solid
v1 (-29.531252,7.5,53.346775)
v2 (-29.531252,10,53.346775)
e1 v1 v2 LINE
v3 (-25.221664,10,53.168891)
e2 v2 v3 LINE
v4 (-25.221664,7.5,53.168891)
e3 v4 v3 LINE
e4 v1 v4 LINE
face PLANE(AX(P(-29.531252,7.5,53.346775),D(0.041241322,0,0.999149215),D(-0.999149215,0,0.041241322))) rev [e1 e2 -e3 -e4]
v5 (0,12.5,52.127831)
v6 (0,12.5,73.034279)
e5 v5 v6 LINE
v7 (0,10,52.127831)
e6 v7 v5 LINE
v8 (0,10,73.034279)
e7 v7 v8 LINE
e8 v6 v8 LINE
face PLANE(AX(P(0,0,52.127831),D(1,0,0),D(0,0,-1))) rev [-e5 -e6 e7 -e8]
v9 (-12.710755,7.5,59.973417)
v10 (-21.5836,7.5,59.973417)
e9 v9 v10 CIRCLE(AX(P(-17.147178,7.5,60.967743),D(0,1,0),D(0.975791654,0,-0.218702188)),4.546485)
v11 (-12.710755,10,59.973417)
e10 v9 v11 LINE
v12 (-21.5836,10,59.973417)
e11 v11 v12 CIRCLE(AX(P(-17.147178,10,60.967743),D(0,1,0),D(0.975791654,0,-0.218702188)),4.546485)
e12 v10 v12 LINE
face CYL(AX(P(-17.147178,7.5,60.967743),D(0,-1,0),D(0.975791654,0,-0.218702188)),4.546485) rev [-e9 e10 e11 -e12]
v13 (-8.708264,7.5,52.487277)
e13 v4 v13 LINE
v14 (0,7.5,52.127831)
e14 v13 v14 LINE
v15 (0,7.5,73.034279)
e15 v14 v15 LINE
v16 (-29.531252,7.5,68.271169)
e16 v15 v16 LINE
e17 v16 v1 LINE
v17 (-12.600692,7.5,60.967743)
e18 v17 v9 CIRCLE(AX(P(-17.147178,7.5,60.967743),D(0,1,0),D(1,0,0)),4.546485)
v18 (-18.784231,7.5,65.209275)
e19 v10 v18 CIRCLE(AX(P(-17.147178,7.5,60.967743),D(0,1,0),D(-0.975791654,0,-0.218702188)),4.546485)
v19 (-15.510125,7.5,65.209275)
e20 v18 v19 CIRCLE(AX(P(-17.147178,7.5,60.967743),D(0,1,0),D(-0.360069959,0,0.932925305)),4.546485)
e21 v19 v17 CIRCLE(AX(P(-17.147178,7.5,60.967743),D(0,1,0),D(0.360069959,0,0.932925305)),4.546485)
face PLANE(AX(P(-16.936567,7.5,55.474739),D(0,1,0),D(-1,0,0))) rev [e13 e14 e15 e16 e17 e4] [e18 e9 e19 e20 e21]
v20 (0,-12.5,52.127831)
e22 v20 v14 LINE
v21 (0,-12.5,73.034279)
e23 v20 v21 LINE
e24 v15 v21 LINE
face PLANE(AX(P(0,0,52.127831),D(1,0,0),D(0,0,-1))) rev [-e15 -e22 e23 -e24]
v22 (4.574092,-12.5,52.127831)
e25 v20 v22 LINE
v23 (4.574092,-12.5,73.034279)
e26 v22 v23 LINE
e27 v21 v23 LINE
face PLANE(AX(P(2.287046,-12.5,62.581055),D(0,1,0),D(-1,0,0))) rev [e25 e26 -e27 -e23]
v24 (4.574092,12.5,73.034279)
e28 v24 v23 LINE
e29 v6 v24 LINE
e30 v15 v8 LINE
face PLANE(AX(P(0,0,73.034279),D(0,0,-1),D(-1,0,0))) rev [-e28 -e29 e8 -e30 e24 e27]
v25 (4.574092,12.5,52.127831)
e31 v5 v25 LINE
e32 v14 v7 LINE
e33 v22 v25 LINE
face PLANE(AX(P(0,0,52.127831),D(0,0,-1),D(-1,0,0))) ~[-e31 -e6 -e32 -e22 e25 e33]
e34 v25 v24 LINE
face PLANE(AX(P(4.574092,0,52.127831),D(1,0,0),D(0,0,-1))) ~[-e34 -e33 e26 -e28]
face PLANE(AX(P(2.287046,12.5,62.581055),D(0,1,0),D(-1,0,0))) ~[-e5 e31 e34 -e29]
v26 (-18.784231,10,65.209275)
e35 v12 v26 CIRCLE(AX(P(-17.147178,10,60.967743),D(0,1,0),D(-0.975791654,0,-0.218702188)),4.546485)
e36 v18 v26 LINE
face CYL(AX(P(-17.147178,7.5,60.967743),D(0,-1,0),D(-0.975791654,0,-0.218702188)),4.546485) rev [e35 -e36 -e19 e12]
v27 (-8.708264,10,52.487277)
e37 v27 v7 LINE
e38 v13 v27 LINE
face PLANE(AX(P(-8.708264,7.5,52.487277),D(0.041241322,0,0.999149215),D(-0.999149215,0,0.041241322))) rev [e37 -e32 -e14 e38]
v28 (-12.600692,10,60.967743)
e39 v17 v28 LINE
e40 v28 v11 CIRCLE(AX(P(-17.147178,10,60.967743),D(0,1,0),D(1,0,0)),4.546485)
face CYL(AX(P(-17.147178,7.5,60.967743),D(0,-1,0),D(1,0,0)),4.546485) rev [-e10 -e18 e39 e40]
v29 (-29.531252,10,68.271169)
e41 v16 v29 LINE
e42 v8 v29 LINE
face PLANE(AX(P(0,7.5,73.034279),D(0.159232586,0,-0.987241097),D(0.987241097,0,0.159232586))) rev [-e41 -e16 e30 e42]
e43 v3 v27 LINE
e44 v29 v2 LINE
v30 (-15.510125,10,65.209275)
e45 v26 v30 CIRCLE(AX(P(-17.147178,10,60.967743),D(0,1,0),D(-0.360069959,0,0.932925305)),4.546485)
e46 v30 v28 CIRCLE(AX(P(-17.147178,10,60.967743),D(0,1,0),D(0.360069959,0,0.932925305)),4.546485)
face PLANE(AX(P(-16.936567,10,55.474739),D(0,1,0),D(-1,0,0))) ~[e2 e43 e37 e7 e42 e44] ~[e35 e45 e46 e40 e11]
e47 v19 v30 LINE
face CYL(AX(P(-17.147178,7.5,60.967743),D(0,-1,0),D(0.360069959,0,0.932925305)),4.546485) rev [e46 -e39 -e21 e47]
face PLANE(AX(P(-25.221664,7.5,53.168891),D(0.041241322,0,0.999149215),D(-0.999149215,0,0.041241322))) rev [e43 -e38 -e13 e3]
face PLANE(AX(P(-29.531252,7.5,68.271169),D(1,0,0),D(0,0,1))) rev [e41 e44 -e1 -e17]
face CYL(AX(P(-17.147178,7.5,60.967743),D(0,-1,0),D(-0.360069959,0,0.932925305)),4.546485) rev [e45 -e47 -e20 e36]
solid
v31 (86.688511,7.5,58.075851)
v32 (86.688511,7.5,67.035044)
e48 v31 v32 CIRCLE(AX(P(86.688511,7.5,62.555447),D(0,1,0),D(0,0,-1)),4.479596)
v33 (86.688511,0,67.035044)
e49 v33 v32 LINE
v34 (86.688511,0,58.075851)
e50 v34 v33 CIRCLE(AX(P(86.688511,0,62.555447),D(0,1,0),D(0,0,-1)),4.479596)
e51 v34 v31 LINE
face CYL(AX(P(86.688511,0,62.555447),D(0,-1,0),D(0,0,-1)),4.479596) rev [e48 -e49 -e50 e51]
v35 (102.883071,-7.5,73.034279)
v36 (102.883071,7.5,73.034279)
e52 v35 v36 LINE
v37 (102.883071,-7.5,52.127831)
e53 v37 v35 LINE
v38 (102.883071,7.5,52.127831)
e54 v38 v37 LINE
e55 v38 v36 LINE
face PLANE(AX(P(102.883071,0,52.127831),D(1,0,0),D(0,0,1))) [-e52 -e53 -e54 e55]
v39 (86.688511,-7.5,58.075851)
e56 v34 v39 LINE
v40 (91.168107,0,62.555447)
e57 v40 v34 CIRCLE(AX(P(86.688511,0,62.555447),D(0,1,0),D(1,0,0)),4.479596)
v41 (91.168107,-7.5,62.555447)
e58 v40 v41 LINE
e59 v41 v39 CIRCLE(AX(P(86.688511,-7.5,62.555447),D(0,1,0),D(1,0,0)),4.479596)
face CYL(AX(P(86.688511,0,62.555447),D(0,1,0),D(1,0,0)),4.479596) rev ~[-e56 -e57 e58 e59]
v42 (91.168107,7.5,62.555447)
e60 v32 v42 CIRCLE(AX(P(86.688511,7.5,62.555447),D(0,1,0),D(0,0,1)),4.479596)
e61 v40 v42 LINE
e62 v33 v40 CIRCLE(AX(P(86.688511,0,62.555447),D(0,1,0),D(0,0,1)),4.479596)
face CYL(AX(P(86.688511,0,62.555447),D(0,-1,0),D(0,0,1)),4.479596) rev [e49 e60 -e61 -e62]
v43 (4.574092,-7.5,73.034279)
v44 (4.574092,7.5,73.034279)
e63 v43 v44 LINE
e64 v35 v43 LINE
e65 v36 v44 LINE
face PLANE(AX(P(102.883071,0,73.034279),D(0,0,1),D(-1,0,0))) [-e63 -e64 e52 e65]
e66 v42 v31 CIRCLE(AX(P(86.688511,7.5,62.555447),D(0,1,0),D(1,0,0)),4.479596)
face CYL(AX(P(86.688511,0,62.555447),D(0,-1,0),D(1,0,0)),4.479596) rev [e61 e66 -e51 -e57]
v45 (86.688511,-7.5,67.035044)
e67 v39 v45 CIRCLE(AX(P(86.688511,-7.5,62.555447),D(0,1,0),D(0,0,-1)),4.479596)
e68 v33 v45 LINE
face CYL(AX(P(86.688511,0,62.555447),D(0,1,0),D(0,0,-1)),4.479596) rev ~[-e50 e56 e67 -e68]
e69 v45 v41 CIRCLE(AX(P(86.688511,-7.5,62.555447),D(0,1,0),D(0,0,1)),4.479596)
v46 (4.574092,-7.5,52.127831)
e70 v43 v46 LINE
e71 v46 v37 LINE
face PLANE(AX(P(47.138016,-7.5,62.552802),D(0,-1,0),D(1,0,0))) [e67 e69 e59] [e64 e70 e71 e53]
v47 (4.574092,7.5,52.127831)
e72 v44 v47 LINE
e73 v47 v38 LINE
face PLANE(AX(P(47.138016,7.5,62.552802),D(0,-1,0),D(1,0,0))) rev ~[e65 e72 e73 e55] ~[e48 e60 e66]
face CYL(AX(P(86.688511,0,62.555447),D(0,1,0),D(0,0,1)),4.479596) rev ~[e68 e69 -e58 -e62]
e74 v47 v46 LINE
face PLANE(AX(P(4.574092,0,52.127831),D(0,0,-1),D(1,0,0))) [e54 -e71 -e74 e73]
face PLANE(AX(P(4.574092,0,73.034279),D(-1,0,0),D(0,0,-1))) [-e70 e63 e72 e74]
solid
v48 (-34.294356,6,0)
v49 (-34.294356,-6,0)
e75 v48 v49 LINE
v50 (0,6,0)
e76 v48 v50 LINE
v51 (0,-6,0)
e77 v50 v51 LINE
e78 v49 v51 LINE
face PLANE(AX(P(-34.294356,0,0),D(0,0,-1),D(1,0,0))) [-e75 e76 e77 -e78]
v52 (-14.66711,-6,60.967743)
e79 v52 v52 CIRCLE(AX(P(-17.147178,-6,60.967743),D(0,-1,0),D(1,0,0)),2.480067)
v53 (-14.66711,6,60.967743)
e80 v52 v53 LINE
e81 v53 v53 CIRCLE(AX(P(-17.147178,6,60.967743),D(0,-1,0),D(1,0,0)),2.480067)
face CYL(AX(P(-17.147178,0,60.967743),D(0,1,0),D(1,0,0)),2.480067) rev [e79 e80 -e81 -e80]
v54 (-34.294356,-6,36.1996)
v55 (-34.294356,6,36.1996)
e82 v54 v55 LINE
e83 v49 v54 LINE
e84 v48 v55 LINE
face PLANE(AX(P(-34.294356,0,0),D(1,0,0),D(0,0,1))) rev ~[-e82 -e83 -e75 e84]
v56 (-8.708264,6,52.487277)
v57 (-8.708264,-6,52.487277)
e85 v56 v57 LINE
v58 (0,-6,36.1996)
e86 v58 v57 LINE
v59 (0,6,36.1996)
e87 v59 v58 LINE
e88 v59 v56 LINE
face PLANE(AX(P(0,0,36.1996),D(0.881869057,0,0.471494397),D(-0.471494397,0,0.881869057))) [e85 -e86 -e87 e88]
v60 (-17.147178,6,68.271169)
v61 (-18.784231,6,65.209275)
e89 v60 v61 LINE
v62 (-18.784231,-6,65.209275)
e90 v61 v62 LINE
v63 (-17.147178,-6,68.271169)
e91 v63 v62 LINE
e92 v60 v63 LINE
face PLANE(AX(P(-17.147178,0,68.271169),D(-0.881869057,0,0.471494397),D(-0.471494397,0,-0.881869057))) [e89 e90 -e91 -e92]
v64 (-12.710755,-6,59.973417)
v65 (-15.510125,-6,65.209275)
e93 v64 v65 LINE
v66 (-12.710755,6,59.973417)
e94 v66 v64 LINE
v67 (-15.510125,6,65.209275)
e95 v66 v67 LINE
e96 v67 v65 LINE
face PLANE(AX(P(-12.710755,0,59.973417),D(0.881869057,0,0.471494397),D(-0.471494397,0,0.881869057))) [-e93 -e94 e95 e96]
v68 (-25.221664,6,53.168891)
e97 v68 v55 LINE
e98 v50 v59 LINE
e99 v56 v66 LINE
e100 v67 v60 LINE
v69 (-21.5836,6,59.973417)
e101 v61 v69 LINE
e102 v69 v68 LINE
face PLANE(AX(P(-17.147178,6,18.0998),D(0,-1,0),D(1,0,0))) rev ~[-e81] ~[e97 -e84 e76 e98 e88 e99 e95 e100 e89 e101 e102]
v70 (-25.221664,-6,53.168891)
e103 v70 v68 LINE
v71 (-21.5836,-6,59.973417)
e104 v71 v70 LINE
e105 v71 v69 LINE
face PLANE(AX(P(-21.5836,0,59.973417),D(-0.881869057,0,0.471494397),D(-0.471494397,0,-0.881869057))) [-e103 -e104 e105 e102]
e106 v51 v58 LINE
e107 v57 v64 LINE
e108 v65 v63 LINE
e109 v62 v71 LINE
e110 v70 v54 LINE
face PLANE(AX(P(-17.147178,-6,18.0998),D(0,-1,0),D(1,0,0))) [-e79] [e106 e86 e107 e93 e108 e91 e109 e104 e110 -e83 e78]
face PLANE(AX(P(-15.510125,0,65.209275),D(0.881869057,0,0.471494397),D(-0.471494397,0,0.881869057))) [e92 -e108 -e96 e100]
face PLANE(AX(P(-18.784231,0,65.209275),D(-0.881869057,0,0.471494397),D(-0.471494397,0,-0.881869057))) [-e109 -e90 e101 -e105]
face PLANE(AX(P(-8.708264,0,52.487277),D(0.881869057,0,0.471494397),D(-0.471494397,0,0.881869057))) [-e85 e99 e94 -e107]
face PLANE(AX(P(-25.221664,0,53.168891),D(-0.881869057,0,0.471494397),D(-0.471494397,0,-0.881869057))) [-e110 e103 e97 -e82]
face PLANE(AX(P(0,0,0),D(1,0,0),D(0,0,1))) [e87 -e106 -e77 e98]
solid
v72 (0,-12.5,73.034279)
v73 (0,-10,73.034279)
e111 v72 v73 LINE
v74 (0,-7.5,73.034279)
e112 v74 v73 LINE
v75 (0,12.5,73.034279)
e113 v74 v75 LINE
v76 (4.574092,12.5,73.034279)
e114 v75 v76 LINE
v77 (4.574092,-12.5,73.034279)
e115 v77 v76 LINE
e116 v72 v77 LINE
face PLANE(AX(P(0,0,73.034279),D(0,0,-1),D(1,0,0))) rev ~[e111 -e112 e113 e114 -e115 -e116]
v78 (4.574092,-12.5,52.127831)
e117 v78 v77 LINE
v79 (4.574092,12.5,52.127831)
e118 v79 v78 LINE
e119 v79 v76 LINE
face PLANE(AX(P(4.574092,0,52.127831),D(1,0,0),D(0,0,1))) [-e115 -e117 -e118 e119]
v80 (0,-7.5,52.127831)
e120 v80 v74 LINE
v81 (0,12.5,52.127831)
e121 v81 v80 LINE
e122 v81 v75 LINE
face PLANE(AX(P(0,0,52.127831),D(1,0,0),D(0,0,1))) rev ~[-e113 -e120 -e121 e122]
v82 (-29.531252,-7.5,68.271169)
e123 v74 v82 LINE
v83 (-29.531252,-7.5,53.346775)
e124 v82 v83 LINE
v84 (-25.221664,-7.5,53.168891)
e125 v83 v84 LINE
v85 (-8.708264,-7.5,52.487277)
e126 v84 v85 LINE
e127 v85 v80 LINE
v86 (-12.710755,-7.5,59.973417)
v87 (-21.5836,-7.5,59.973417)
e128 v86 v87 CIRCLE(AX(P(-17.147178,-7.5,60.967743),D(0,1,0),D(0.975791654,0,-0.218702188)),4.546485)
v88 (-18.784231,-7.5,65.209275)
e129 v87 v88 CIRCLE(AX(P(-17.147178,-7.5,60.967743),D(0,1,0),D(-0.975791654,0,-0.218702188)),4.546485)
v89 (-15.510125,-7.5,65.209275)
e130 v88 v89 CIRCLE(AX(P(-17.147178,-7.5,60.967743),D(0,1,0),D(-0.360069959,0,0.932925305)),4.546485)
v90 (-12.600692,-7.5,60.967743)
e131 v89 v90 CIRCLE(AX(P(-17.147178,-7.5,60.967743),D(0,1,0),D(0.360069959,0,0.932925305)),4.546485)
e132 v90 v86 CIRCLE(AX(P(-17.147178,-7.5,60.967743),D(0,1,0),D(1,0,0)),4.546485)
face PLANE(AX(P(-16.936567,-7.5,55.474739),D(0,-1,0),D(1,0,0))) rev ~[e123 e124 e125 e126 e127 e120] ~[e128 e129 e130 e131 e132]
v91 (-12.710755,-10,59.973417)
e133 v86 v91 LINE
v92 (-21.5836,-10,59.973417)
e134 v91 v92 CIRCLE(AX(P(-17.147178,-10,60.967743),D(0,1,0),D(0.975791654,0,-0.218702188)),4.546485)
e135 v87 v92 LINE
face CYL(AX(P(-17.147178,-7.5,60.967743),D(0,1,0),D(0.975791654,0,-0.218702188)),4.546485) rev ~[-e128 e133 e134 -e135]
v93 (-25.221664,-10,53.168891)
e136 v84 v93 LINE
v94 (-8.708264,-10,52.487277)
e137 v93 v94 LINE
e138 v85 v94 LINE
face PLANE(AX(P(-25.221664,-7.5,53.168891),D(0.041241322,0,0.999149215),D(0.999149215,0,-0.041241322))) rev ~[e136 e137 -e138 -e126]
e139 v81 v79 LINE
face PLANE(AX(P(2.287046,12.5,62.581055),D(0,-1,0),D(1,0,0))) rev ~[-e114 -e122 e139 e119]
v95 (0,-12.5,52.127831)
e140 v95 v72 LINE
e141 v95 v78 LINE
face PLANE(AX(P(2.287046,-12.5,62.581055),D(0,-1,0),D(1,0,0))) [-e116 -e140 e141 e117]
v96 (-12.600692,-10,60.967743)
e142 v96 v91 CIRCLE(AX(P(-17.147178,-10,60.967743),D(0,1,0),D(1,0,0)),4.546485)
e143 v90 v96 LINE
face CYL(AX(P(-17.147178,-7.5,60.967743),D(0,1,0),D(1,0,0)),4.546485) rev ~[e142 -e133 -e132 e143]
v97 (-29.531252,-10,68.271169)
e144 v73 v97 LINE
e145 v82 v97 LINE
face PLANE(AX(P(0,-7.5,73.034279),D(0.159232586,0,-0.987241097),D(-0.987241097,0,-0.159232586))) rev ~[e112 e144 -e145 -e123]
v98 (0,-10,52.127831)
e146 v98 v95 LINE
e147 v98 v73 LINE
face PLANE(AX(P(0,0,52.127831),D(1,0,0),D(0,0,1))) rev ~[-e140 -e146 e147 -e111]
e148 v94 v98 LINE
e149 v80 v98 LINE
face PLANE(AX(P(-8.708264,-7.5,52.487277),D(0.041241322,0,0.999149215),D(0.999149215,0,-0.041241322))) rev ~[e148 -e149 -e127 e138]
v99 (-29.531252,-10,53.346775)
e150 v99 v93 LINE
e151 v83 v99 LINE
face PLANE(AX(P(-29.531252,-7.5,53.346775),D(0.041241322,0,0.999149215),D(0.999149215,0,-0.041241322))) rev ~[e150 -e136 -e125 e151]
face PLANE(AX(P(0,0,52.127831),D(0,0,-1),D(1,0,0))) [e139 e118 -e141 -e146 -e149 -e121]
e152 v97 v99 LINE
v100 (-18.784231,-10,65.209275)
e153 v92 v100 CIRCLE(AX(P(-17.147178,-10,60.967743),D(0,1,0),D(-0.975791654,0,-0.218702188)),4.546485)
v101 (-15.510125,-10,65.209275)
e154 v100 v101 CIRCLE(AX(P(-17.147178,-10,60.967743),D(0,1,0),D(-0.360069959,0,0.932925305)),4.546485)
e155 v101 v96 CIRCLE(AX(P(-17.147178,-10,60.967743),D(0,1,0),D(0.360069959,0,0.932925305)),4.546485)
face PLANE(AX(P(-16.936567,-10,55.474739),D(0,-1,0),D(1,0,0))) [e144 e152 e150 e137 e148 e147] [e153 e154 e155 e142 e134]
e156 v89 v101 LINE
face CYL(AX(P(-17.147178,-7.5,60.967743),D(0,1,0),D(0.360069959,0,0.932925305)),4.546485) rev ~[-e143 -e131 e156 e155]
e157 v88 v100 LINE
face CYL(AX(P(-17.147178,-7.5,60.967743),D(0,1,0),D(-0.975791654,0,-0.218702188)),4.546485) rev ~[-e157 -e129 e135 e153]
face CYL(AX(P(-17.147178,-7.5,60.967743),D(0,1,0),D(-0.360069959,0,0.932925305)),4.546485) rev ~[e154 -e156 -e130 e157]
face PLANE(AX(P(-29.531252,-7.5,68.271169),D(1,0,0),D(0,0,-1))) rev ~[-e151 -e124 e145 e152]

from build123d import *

# Parameters (mm, degrees)
F0_W     = 4.574092105
F0_H     = 20.906448481
F1_DEPTH = 12.5
F2_START = 7.5
F2_DEPTH = 2.5
F4_DEPTH = 7.5
F0_W_2   = 34.2943556607
F0_H_2   = 36.1995995045
F0_R     = 2.4800674326
F5_DEPTH = 6


with BuildPart() as f1:
    # F0 (on Front) → F1 (new body, symmetric)
    with BuildSketch(Plane.XZ):
        with Locations((2.2870460525, 62.5810548079)):
            Rectangle(F0_W, F0_H)
    extrude(amount=F1_DEPTH, both=True)

    # F0 (on Front) → F2 (join)
    with BuildSketch(Plane.XZ.offset(F2_START)):
        with BuildLine():
            Line((-25.2216641664, 53.168891048), (-8.7082639789, 52.4872766937))
            Line((-8.7082639789, 52.4872766937), (-12.7107553091, 59.9734170883))
            ThreePointArc((-12.7107553091, 59.9734170883), (-17.1471778303, 56.4212579855), (-21.5836003516, 59.9734170883))
            Line((-21.5836003516, 59.9734170883), (-25.2216641664, 53.168891048))
        make_face()
        with BuildLine():
            Line((-12.7107553091, 59.9734170883), (-8.7082639789, 52.4872766937))
            Line((-8.7082639789, 52.4872766937), (0, 52.1278305674))
            Line((0, 52.1278305674), (0, 73.0342790484))
            Line((0, 73.0342790484), (-29.5312516391, 68.271169439))
            Line((-29.5312516391, 68.271169439), (-29.5312516391, 53.3467754722))
            Line((-29.5312516391, 53.3467754722), (-25.2216641664, 53.168891048))
            Line((-25.2216641664, 53.168891048), (-21.5836003516, 59.9734170883))
            ThreePointArc((-21.5836003516, 59.9734170883), (-21.1565826315, 63.1113857959), (-18.7842306449, 65.2092746859))
            Line((-18.7842306449, 65.2092746859), (-17.1471778303, 68.271169439))
            Line((-17.1471778303, 68.271169439), (-15.5101250158, 65.2092746859))
            ThreePointArc((-15.5101250158, 65.2092746859), (-13.3979534883, 63.5394833579), (-12.6006924191, 60.9677433968))
            ThreePointArc((-12.6006924191, 60.9677433968), (-12.6282919131, 60.4675437748), (-12.7107553091, 59.9734170883))
        make_face()
        with BuildLine():
            ThreePointArc((-18.7842306449, 65.2092746859), (-17.1471778303, 65.514228808), (-15.5101250158, 65.2092746859))
            Line((-15.5101250158, 65.2092746859), (-17.1471778303, 68.271169439))
            Line((-17.1471778303, 68.271169439), (-18.7842306449, 65.2092746859))
        make_face()
    extrude(amount=F2_DEPTH)


with BuildPart() as f3_1:
    # F3: instance of F1
    add(f1.part.mirror(Plane.XZ))


with BuildPart() as f4:
    # F0 (on Front) → F4 (new body, symmetric)
    with BuildSketch(Plane.XZ):
        Polygon((4.574092105, 73.0342790484), (4.574092105, 52.1278305674), (86.6885110736, 52.1278305674), (86.6885110736, 56.0208766968), (80.2129593988, 57.2697704448), (80.2129593988, 66.8070286696), (86.6885110736, 68.3046103878), (86.6885110736, 73.0342790484), align=None)
        Polygon((102.8830707073, 73.0342790484), (86.6885110736, 73.0342790484), (86.6885110736, 68.3046103878), (102.8830707073, 72.0498783834), align=None)
        with BuildLine():
            Line((86.6885110736, 58.0758508295), (86.6885110736, 56.0208766968))
            Line((86.6885110736, 56.0208766968), (102.8830707073, 52.8975467795))
            Line((102.8830707073, 52.8975467795), (102.8830707073, 72.0498783834))
            Line((102.8830707073, 72.0498783834), (86.6885110736, 68.3046103878))
            Line((86.6885110736, 68.3046103878), (86.6885110736, 67.0350436121))
            ThreePointArc((86.6885110736, 67.0350436121), (89.8560640589, 65.7230002061), (91.1681074649, 62.5554472208))
            ThreePointArc((91.1681074649, 62.5554472208), (89.8560640589, 59.3878942355), (86.6885110736, 58.0758508295))
        make_face()
        Polygon((86.6885110736, 56.0208766968), (86.6885110736, 52.1278305674), (102.8830707073, 52.1278305674), (102.8830707073, 52.8975467795), align=None)
        with BuildLine():
            Line((80.2129593988, 57.2697704448), (86.6885110736, 56.0208766968))
            Line((86.6885110736, 56.0208766968), (86.6885110736, 58.0758508295))
            ThreePointArc((86.6885110736, 58.0758508295), (82.2089146823, 62.5554472208), (86.6885110736, 67.0350436121))
            Line((86.6885110736, 67.0350436121), (86.6885110736, 68.3046103878))
            Line((86.6885110736, 68.3046103878), (80.2129593988, 66.8070286696))
            Line((80.2129593988, 66.8070286696), (80.2129593988, 57.2697704448))
        make_face()
    extrude(amount=F4_DEPTH, both=True)


with BuildPart() as f5:
    # F0 (on Front) → F5 (new body, symmetric)
    with BuildSketch(Plane.XZ):
        with Locations((-17.1471778303, 18.0997997522)):
            Rectangle(F0_W_2, F0_H_2)
        Polygon((-34.2943556607, 36.1995995045), (0, 36.1995995045), (-8.7082639789, 52.4872766937), (-25.2216641664, 53.168891048), align=None)
        with BuildLine():
            Line((-25.2216641664, 53.168891048), (-8.7082639789, 52.4872766937))
            Line((-8.7082639789, 52.4872766937), (-12.7107553091, 59.9734170883))
            ThreePointArc((-12.7107553091, 59.9734170883), (-17.1471778303, 56.4212579855), (-21.5836003516, 59.9734170883))
            Line((-21.5836003516, 59.9734170883), (-25.2216641664, 53.168891048))
        make_face()
        with BuildLine():
            ThreePointArc((-21.5836003516, 59.9734170883), (-17.1471778303, 56.4212579855), (-12.7107553091, 59.9734170883))
            Line((-12.7107553091, 59.9734170883), (-15.5101250158, 65.2092746859))
            ThreePointArc((-15.5101250158, 65.2092746859), (-17.1471778303, 65.514228808), (-18.7842306449, 65.2092746859))
            Line((-18.7842306449, 65.2092746859), (-21.5836003516, 59.9734170883))
        make_face()
        with Locations((-17.1471778303, 60.9677433968)):
            Circle(F0_R, mode=Mode.SUBTRACT)
        with BuildLine():
            ThreePointArc((-18.7842306449, 65.2092746859), (-17.1471778303, 65.514228808), (-15.5101250158, 65.2092746859))
            Line((-15.5101250158, 65.2092746859), (-17.1471778303, 68.271169439))
            Line((-17.1471778303, 68.271169439), (-18.7842306449, 65.2092746859))
        make_face()
    extrude(amount=F5_DEPTH, both=True)


solid = Compound([f1.part, f3_1.part, f4.part, f5.part])
